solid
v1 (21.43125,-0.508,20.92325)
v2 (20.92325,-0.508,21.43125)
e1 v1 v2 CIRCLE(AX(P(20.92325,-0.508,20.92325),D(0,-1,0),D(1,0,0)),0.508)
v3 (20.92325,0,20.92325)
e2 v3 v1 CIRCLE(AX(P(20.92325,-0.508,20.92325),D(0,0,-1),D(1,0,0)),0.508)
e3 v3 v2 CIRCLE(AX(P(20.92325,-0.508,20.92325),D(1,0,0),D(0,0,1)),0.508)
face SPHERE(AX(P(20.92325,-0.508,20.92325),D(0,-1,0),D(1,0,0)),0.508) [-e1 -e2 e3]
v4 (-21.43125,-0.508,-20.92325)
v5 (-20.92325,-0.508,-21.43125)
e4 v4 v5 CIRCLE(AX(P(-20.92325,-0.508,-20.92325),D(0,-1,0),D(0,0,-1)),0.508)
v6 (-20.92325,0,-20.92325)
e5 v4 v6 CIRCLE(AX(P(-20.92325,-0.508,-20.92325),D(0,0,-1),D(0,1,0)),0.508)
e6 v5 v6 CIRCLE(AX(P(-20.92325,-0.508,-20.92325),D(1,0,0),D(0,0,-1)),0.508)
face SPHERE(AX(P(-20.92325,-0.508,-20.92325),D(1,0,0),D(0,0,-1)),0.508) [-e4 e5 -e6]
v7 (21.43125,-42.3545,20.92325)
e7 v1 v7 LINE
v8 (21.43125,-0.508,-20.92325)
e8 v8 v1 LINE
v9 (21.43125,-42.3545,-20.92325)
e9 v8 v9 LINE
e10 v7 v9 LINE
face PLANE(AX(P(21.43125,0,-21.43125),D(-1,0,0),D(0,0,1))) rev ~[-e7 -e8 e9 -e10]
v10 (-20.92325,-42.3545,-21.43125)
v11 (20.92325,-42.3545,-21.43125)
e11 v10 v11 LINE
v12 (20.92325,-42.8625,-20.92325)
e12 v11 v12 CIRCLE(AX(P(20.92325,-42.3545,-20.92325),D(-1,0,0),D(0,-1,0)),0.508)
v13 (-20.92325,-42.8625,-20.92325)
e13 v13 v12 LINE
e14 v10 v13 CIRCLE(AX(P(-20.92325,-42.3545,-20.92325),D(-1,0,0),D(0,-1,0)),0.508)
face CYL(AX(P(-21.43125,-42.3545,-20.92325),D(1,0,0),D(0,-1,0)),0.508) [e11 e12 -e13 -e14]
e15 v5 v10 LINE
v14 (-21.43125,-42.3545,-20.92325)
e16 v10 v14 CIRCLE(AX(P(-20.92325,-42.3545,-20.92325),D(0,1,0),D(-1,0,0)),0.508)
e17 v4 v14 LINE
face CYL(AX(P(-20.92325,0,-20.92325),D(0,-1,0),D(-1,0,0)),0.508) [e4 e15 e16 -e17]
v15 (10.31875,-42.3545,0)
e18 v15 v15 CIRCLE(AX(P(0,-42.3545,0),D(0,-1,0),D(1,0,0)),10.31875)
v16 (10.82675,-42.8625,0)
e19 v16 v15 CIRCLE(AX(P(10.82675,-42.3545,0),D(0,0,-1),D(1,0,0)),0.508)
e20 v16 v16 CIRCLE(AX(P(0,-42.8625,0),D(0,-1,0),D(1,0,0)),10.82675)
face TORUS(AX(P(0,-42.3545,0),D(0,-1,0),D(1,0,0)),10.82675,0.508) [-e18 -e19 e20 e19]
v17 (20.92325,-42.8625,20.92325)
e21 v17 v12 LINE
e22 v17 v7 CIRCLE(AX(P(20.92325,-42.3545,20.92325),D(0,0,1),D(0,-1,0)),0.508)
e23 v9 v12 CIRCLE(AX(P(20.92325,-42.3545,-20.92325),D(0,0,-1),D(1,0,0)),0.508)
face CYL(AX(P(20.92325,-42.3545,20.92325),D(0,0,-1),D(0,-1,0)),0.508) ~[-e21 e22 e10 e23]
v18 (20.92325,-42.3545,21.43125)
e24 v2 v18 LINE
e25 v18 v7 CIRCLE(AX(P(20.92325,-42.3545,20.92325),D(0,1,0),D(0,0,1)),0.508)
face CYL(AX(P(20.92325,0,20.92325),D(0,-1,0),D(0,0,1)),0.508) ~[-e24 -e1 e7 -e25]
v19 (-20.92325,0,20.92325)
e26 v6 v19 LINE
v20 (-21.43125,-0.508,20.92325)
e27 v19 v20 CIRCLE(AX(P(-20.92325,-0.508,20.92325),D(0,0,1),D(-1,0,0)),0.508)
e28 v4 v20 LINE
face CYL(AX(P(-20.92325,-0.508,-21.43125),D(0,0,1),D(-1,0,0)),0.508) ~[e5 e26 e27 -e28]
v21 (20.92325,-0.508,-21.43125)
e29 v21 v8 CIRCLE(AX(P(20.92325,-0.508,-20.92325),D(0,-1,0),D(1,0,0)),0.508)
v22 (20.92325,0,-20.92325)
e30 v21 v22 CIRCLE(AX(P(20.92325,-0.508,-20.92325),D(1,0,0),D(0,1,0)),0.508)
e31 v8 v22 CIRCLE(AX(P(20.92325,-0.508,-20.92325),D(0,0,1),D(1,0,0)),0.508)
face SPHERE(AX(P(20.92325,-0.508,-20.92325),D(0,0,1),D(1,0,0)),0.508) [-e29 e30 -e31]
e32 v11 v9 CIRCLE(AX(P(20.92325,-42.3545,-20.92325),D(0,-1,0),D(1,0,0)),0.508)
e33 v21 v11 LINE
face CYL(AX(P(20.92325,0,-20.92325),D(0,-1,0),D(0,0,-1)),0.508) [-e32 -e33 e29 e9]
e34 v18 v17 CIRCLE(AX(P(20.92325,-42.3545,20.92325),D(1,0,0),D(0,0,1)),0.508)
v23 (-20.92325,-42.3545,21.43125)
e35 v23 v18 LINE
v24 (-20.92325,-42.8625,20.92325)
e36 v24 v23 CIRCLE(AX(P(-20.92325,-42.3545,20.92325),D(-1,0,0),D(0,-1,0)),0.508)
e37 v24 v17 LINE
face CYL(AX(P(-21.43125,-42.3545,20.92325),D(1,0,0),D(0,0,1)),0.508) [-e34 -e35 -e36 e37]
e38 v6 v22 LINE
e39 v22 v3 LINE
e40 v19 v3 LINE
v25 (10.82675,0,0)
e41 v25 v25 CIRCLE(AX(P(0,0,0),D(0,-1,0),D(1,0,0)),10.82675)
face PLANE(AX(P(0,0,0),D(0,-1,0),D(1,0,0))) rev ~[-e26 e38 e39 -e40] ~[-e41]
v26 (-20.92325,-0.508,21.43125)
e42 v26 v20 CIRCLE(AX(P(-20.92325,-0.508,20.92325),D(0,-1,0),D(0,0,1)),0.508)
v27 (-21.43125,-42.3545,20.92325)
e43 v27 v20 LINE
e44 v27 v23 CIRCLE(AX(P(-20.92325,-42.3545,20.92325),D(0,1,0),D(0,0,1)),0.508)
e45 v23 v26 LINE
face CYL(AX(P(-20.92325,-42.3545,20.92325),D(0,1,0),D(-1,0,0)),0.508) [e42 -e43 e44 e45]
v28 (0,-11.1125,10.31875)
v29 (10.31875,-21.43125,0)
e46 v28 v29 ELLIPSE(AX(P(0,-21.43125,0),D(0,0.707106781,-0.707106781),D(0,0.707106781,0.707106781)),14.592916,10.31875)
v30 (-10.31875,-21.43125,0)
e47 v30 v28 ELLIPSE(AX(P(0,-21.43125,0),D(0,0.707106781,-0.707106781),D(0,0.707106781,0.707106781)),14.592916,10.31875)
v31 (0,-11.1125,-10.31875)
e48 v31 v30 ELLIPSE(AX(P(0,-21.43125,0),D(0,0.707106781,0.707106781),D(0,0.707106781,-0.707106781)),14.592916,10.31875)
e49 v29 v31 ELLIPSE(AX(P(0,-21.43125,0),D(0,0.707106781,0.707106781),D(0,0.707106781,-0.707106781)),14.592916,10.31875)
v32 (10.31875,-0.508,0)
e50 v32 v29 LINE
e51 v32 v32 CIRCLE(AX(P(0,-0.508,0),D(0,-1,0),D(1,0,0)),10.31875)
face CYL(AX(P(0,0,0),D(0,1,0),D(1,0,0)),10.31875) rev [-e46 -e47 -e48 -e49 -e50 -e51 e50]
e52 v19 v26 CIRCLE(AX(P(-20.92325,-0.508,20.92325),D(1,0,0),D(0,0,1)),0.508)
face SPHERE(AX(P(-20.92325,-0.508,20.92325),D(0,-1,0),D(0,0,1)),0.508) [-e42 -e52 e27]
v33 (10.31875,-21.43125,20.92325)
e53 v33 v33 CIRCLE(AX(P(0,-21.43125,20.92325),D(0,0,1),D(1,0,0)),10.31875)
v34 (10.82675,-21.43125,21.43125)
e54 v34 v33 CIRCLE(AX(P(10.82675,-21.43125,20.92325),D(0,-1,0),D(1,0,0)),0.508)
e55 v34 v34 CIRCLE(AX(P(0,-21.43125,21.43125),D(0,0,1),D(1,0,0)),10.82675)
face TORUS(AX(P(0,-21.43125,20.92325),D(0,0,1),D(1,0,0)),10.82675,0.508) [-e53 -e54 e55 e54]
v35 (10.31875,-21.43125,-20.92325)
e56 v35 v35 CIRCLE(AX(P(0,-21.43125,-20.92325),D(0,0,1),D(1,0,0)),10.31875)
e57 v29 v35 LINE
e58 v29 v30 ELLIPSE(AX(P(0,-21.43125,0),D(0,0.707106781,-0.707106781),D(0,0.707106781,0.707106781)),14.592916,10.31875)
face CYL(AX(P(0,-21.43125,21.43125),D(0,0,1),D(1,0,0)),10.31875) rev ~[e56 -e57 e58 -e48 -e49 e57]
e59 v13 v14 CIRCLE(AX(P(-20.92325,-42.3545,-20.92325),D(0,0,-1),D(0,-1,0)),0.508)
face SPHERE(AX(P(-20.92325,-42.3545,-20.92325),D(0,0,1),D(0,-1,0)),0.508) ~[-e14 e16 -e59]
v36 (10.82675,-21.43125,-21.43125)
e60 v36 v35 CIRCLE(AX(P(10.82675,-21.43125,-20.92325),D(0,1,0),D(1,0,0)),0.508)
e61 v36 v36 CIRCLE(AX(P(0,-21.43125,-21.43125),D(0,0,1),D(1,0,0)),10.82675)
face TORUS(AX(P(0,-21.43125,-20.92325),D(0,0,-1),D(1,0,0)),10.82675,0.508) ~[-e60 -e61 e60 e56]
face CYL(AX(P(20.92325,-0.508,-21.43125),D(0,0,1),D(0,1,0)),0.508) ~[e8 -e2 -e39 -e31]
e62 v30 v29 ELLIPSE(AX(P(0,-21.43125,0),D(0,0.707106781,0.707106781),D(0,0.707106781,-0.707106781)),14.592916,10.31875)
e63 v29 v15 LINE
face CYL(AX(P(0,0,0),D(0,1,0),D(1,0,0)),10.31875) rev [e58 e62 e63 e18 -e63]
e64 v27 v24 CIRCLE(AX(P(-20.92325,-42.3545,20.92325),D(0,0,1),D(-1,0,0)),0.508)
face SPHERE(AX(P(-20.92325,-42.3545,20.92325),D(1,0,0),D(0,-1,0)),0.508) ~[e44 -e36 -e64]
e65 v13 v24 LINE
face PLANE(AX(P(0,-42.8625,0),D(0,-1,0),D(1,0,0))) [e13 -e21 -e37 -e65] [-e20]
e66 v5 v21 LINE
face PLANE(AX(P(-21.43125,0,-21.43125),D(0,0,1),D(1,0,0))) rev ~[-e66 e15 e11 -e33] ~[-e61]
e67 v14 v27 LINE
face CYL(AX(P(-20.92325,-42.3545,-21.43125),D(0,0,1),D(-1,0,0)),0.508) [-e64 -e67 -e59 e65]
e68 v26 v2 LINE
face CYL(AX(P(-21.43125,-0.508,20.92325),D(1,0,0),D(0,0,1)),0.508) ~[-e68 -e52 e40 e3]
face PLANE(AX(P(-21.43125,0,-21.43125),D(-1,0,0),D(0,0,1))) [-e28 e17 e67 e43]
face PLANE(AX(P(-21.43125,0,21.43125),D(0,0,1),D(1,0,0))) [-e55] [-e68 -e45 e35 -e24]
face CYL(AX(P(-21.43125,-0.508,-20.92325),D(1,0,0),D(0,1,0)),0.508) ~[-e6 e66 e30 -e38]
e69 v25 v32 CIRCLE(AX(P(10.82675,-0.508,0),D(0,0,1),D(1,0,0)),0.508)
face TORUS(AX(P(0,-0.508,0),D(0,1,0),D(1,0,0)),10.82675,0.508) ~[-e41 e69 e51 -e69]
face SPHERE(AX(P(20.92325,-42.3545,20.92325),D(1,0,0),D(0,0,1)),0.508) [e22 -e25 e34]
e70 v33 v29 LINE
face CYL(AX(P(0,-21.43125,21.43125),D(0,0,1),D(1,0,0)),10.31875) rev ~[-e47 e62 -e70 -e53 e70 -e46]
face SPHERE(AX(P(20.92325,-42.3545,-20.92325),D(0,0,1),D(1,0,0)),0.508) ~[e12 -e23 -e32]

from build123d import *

# Parameters (mm, degrees)
F0_W     = 42.8625
F0_H     = 42.8625
F0_R     = 10.31875
F1_DEPTH = 42.8625
F2_R     = 10.31875
F3_DEPTH = 42.8635
F4_R     = 0.508
F5_R     = 0.508
F6_R     = 0.508


with BuildPart() as f1:
    # F0 (on Front) → F1 (new body)
    with BuildSketch(Plane.XZ):
        Rectangle(F0_W, F0_H)
        Circle(F0_R, mode=Mode.SUBTRACT)
    extrude(amount=F1_DEPTH)

    # F2 (on face) → F3 (cut, through all)
    with BuildSketch(Plane.XY.offset(21.43125)):
        with Locations((0, -21.43125)):
            Circle(F2_R)
    extrude(amount=-F3_DEPTH, mode=Mode.SUBTRACT)

    # F4
    f4_edges = [f1.edges().sort_by_distance(p)[0] for p in [
        (0, -42.8625, 21.43125),
    ]]
    fillet(f4_edges, radius=F4_R)

    # F5
    f5_edges = [f1.edges().sort_by_distance(p)[0] for p in [
        (21.43125, -21.17725, 21.43125),
        (21.43125, 0, 0),
        (21.43125, -21.43125, -21.43125),
        (-21.43125, -42.8625, -0.254),
        (0, -42.8625, -21.43125),
        (0, 0, -21.43125),
        (-21.43125, -21.43125, -21.43125),
        (0, 0, 21.43125),
        (21.43125, -42.8625, -0.254),
        (0, -42.8625, 20.92325),
        (-21.43125, 0, 0),
        (-21.43125, -21.17725, 21.43125),
    ]]
    fillet(f5_edges, radius=F5_R)

    # F6
    f6_edges = [f1.edges().sort_by_distance(p)[0] for p in [
        (-10.31875, -42.8625, 0),
        (-10.31875, -21.43125, -21.43125),
        (-10.31875, -21.43125, 21.43125),
        (-10.31875, 0, 0),
    ]]
    fillet(f6_edges, radius=F6_R)


solid = f1.part
